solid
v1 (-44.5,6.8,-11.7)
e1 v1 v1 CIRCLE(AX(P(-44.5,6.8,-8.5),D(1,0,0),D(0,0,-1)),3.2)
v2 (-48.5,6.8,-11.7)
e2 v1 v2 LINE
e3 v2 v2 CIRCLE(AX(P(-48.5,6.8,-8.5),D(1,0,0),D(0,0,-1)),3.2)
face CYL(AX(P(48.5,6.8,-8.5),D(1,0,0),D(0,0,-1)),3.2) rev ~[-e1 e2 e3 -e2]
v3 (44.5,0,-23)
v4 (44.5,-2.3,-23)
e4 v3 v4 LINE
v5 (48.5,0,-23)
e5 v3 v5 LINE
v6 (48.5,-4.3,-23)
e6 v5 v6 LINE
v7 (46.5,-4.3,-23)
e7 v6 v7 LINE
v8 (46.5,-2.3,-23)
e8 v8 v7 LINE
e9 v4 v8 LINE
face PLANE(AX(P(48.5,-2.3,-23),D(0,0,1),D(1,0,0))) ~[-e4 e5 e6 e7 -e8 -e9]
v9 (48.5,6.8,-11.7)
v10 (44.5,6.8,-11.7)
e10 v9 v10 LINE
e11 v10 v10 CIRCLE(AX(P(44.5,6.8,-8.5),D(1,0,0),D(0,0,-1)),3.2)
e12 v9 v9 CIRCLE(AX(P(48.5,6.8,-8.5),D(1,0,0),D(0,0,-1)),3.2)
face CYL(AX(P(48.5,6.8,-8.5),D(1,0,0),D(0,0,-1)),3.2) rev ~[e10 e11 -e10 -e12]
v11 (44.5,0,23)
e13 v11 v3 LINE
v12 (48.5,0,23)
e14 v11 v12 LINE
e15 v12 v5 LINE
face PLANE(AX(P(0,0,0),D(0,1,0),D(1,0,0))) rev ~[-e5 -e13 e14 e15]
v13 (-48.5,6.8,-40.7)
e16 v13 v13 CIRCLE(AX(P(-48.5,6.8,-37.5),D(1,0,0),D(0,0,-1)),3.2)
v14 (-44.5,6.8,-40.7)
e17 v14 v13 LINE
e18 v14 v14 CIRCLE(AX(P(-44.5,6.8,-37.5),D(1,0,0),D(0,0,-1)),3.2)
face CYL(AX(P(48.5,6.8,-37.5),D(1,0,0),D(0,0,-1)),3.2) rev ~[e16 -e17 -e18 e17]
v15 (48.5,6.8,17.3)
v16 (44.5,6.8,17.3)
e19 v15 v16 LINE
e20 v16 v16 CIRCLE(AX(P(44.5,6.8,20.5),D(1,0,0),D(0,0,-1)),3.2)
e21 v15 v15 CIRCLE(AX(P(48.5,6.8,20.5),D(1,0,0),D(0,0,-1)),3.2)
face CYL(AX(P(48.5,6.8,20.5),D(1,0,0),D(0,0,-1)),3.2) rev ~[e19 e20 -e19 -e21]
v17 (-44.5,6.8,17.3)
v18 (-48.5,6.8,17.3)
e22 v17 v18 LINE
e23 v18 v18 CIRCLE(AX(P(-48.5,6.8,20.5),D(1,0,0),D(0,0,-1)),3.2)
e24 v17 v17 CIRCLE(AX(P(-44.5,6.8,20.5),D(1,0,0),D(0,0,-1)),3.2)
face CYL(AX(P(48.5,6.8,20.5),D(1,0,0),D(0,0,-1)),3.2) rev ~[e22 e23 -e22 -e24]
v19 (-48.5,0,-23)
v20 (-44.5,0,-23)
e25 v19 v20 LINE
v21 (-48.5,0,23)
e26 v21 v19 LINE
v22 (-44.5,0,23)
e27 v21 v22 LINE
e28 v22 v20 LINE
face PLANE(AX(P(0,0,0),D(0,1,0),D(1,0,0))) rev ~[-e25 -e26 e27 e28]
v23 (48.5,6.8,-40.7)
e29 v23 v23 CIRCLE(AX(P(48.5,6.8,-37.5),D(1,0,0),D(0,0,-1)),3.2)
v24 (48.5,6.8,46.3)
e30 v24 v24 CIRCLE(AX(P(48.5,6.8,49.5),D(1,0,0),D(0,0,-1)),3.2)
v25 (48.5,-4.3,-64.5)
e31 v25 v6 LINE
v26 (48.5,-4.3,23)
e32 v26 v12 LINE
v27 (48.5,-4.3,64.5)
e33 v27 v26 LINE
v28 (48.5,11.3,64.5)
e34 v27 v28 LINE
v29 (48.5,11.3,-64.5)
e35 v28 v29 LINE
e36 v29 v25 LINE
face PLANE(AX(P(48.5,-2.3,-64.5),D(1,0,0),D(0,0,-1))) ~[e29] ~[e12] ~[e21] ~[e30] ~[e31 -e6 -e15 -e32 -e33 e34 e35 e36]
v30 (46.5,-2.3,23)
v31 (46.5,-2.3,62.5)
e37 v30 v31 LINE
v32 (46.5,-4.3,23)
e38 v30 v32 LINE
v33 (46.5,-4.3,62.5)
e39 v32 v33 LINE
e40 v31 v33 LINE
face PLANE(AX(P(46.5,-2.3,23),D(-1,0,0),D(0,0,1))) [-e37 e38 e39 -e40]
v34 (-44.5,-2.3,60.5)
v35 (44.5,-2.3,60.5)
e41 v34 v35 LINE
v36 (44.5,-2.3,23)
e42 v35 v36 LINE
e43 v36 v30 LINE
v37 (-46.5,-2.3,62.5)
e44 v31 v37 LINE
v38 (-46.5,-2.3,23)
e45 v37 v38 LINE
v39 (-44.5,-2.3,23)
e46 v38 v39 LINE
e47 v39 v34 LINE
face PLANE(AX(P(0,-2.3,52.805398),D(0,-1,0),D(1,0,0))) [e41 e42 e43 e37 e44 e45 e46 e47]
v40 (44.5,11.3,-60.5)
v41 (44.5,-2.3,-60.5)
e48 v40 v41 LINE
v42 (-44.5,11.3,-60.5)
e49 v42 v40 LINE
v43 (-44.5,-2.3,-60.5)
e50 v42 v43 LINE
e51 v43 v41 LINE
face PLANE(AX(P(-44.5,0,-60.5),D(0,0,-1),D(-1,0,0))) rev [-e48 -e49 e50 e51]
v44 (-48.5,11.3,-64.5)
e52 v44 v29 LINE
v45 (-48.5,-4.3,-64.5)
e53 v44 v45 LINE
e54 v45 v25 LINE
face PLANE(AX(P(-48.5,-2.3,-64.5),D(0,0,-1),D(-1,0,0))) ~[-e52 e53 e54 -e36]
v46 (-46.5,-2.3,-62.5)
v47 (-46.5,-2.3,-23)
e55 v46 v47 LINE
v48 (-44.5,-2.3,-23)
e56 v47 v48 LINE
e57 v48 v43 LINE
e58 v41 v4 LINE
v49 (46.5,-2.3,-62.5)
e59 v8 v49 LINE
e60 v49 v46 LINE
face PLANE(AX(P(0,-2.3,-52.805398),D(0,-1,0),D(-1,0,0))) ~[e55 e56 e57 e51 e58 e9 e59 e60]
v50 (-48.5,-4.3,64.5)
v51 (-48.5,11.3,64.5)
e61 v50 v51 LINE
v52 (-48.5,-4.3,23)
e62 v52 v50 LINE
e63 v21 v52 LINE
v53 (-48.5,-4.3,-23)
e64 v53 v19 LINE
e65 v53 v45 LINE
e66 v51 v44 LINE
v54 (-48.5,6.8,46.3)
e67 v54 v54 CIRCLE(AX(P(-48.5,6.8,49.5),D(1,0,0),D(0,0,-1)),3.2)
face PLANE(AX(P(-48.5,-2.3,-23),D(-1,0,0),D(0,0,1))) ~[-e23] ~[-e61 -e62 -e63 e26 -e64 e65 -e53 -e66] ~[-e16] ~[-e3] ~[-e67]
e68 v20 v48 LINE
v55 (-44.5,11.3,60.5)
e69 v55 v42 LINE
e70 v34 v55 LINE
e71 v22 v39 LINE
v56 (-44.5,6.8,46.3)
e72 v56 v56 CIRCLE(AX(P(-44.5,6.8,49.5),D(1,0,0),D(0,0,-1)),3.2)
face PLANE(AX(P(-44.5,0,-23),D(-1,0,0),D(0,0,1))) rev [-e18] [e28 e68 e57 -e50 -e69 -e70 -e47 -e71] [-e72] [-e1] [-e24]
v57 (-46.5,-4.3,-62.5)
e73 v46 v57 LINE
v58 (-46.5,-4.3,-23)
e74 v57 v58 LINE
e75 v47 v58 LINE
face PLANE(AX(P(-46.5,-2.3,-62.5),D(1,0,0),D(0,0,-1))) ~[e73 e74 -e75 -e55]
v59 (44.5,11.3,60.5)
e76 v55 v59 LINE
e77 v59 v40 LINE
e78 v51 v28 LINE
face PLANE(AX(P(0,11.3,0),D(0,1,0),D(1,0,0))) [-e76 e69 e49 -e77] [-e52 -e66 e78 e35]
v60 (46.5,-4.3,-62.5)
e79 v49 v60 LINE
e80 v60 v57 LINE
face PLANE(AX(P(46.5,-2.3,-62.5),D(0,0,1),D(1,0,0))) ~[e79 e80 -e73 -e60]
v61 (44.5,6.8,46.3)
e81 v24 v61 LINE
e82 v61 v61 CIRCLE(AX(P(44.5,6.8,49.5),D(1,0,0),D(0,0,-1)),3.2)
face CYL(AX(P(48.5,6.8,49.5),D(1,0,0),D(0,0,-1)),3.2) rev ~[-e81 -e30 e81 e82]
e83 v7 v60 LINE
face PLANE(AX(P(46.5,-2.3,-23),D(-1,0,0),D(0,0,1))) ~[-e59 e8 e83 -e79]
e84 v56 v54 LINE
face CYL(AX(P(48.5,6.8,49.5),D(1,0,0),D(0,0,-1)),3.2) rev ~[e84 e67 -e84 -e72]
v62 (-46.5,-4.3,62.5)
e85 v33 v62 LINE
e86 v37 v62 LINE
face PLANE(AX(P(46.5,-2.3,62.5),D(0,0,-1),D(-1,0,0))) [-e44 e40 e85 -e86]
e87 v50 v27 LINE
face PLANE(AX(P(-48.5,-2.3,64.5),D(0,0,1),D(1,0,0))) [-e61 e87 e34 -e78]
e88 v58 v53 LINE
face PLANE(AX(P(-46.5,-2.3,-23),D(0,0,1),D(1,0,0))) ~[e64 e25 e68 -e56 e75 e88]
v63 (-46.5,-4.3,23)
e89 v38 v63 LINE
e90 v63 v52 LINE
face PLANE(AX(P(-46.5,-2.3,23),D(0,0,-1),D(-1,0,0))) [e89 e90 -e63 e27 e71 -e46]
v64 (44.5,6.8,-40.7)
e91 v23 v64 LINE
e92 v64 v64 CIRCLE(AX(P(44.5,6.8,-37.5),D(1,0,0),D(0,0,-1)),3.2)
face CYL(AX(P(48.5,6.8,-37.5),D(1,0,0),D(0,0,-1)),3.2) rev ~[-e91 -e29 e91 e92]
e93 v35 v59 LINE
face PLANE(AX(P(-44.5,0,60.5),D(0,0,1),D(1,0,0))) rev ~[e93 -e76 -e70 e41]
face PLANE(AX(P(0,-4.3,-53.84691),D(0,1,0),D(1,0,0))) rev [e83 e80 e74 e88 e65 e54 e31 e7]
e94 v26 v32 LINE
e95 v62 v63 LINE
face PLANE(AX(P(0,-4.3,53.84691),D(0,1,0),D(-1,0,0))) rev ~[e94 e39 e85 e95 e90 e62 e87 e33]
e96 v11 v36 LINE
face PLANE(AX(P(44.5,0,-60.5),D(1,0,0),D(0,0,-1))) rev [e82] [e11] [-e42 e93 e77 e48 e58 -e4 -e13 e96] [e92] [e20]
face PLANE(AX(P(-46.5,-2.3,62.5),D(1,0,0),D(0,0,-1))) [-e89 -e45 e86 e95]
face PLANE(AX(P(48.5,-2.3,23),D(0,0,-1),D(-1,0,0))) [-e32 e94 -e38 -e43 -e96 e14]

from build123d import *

# Parameters (mm, degrees)
SKETCH1_W           = 97
SKETCH1_H           = 129
SKETCH1_W_2         = 89
SKETCH1_H_2         = 121
BOSS_EXTRUDE1_DEPTH = 11.3
SKETCH3_R           = 3.2
CUT_EXTRUDE1_DEPTH  = 118.033926705
LPATTERN1_COUNT     = 4
LPATTERN1_PITCH     = 29
BOSS_EXTRUDE2_DEPTH = 2.3
BOSS_EXTRUDE3_DEPTH = 2


with BuildPart() as part:
    # Sketch1 → Boss-Extrude1 (new body)
    with BuildSketch(Plane(origin=(0, 0, 0), x_dir=(1, 0, 0), z_dir=(0, 1, 0))):
        Rectangle(SKETCH1_W, SKETCH1_H)
        Rectangle(SKETCH1_W_2, SKETCH1_H_2, mode=Mode.SUBTRACT)
    extrude(amount=BOSS_EXTRUDE1_DEPTH)

    # Sketch3 → Cut-Extrude1 (cut, through all)
    with BuildSketch(Plane(origin=(48.5, 0, 0), x_dir=(0, 0, -1), z_dir=(1, 0, 0))):
        with Locations((-49.5, 6.8)):
            Circle(SKETCH3_R)
    cut_extrude1 = extrude(amount=-CUT_EXTRUDE1_DEPTH, mode=Mode.SUBTRACT)

    # LPattern1: Cut-Extrude1 ×4
    with Locations(*[(0, 0, -i * LPATTERN1_PITCH) for i in range(1, LPATTERN1_COUNT)]):
        add(cut_extrude1, mode=Mode.SUBTRACT)

    # Sketch5 → Boss-Extrude2 (add)
    with BuildSketch(Plane.XZ):
        Polygon((44.5, 60.5), (44.5, 23), (48.5, 23), (48.5, 64.5), (-48.5, 64.5), (-48.5, 23), (-44.5, 23), (-44.5, 60.5), align=None)
    boss_extrude2 = extrude(amount=BOSS_EXTRUDE2_DEPTH)

    # Sketch6 → Boss-Extrude3 (add)
    with BuildSketch(Plane.XZ.offset(2.3)):
        Polygon((-48.5, 23), (-48.5, 64.5), (48.5, 64.5), (48.5, 23), (46.5, 23), (46.5, 62.5), (-46.5, 62.5), (-46.5, 23), align=None)
    boss_extrude3 = extrude(amount=BOSS_EXTRUDE3_DEPTH)

    # Mirror1: Boss-Extrude2, Boss-Extrude3 across plane
    add(boss_extrude2.mirror(Plane.XY))
    add(boss_extrude3.mirror(Plane.XY))


solid = part.part
